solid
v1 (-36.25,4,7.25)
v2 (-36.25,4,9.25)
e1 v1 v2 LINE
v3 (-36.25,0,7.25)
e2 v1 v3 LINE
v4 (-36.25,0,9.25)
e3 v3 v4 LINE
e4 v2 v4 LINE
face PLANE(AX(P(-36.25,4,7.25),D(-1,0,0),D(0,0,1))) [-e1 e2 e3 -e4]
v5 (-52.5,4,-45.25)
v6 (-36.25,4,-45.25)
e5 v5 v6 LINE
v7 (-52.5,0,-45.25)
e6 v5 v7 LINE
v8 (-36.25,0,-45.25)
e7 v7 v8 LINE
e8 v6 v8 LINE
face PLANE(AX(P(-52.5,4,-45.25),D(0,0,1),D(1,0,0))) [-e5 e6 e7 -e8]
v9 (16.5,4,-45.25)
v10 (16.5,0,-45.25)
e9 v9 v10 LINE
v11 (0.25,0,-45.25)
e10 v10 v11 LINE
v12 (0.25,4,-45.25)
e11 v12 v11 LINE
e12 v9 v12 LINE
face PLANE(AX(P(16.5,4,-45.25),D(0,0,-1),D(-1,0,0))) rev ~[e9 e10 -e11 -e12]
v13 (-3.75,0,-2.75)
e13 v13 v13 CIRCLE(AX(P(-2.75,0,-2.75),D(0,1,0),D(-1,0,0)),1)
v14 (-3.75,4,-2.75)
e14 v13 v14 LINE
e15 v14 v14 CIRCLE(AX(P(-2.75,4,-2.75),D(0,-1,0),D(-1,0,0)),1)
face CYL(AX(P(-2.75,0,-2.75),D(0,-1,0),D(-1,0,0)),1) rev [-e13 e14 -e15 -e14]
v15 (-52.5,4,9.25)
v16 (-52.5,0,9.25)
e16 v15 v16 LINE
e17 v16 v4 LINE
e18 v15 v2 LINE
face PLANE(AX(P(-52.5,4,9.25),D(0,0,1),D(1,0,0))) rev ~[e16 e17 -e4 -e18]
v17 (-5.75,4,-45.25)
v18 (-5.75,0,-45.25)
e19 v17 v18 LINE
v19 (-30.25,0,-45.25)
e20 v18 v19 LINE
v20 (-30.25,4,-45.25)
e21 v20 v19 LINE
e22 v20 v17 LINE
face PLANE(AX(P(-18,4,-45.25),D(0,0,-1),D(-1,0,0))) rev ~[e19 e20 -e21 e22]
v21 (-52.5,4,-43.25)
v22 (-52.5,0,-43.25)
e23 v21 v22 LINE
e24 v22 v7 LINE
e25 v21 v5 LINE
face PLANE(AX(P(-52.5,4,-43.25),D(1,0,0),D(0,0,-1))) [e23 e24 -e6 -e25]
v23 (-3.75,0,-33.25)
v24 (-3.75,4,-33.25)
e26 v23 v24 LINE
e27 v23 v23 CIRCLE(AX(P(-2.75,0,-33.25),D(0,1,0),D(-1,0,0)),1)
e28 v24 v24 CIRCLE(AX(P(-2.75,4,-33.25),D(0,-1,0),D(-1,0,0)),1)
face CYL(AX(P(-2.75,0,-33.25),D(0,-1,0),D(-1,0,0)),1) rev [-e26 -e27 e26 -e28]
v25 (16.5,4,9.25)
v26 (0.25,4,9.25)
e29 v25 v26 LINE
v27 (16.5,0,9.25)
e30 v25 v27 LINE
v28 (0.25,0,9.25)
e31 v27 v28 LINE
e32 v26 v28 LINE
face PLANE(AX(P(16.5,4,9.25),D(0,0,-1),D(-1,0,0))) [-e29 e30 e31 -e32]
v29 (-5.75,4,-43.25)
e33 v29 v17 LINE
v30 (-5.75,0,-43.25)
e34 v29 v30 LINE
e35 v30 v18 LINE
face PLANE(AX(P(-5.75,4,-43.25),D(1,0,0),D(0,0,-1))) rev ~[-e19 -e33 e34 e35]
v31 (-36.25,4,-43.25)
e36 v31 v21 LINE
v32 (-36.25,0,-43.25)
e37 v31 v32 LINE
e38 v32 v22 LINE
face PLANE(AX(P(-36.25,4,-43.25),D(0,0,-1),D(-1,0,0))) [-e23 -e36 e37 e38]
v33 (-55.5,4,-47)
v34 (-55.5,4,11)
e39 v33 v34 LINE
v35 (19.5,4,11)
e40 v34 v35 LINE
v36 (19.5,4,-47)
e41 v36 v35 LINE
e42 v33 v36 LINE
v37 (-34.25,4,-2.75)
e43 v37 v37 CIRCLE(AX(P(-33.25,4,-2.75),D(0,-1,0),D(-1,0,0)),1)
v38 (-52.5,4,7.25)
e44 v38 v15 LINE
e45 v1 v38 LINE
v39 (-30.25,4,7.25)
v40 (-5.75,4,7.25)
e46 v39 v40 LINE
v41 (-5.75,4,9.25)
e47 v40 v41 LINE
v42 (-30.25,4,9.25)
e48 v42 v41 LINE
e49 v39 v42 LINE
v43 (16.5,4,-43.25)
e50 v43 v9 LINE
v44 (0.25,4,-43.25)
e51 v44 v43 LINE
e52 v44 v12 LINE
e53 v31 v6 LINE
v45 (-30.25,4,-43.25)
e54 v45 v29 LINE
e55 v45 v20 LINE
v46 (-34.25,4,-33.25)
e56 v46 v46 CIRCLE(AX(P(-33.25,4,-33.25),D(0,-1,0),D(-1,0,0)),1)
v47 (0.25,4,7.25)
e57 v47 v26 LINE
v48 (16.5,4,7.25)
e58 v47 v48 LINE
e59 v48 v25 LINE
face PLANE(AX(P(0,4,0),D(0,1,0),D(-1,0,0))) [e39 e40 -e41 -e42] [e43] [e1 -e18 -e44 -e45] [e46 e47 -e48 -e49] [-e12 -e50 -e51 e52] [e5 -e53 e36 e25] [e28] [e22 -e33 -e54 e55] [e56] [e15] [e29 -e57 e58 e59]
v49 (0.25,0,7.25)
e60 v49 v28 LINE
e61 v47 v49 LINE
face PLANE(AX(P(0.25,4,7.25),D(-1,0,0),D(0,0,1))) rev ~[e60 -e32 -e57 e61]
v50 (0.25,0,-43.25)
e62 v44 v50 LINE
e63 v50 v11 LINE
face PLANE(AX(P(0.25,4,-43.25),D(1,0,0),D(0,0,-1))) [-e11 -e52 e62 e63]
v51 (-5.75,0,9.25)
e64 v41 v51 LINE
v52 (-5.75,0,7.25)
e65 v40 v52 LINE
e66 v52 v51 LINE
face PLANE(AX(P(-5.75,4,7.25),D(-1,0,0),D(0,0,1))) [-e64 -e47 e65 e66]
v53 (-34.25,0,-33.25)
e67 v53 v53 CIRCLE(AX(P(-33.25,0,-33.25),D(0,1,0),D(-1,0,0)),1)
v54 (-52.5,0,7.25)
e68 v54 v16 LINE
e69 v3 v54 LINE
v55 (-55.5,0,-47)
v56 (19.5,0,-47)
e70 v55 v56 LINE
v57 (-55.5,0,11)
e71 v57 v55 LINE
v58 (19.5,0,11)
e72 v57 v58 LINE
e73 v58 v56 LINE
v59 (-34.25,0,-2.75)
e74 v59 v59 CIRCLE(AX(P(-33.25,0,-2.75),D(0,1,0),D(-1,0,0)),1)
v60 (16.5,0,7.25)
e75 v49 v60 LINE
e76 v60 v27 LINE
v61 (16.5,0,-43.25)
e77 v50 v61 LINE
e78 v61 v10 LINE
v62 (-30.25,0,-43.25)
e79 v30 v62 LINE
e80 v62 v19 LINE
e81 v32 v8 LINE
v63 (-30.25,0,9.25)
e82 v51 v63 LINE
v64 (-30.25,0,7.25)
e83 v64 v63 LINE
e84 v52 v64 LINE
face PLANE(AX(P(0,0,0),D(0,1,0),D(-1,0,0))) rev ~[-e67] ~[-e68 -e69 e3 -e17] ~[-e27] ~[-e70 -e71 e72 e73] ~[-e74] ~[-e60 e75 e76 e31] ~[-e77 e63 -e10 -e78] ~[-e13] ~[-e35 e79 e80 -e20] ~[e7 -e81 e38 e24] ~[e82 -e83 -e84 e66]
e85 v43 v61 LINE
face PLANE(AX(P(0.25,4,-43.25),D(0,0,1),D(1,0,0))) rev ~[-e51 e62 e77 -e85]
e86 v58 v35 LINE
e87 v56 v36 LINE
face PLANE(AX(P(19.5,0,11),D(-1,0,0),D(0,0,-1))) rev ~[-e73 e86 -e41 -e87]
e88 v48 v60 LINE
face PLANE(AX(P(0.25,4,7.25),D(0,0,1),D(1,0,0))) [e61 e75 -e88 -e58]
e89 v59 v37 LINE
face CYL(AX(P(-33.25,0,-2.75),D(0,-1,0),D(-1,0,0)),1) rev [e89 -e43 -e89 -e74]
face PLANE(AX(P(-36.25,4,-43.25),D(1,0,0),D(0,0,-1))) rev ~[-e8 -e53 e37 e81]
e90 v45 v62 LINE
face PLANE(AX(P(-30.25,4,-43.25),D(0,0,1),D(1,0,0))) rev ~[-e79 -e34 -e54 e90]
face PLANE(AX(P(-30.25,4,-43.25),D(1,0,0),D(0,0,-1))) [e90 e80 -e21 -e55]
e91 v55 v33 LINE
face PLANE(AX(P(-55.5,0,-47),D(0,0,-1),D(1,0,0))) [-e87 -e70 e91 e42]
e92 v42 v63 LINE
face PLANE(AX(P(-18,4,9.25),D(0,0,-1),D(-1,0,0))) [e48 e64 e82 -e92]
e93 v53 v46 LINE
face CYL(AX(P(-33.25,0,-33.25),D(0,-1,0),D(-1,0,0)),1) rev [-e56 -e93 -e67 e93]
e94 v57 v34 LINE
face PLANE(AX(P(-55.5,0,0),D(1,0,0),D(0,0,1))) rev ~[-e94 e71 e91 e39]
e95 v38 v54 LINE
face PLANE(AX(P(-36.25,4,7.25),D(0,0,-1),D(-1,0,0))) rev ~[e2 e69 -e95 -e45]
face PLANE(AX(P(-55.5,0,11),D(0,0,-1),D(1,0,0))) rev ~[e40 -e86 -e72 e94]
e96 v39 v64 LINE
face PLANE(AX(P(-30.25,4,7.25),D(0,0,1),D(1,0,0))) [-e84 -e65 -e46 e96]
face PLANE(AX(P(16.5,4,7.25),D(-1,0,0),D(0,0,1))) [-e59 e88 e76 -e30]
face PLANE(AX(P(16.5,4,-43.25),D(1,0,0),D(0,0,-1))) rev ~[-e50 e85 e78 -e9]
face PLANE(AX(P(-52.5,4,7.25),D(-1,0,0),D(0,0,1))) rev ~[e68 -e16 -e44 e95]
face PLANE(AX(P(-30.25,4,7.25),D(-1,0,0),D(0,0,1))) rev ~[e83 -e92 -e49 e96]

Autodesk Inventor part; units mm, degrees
ref_plane "YZ Plane" through (0, 0, 0) normal (1, 0, 0) x (0, 1, 0)
ref_plane "XZ Plane" through (0, 0, 0) normal (0, 1, 0) x (-1, 0, 0)
ref_plane "XY Plane" through (0, 0, 0) normal (0, 0, 1) x (1, 0, 0)
sketch "Sketch1" plane through (0, 0, 0) normal (0, 1, 0) x (-1, 0, 0)
  line L0 (0, 0) -> (36, 0)
  line L1 (36, 0) -> (36, -36)
  line L2 (36, -36) -> (0, -36)
  line L3 (0, -36) -> (0, 0)
  line L4 (0, 0) -> (18, 0)
  line L5 (18, 0) -> (18, -18)
  line L6 (18, -18) -> (0, -18)
  line L7 (0, -18) -> (0, 0)
  line L8 (18, -18) -> (33.25, -18)
  line L9 (33.25, -18) -> (33.25, -33.25)
  line L10 (33.25, -33.25) -> (18, -33.25)
  line L11 (18, -33.25) -> (18, -18)
  line L12 (33.25, -33.25) -> (2.75, -33.25)
  line L13 (2.75, -33.25) -> (2.75, -2.75)
  line L14 (2.75, -2.75) -> (33.25, -2.75)
  line L15 (33.25, -2.75) -> (33.25, -33.25)
  circle A0 centre (33.25, -2.75) radius 1
  circle A1 centre (33.25, -33.25) radius 1
  circle A2 centre (2.75, -33.25) radius 1
  circle A3 centre (2.75, -2.75) radius 1
  line L16 (18, -18) -> (55.5, -18)
  line L17 (55.5, -18) -> (55.5, 0)
  line L18 (55.5, 0) -> (18, 0)
  line L19 (18, 0) -> (18, -18)
  line L20 (55.5, 0) -> (-19.5, 0)
  line L21 (-19.5, 0) -> (-19.5, -36)
  line L22 (-19.5, -36) -> (55.5, -36)
  line L23 (55.5, -36) -> (55.5, 0)
  line L24 (-19.5, 0) -> (55.5, 0)
  line L25 (55.5, 0) -> (55.5, 11)
  line L26 (55.5, 11) -> (-19.5, 11)
  line L27 (-19.5, 11) -> (-19.5, 0)
  line L28 (-19.5, -36) -> (55.5, -36)
  line L29 (55.5, -36) -> (55.5, -47)
  line L30 (55.5, -47) -> (-19.5, -47)
  line L31 (-19.5, -47) -> (-19.5, -36)
  dimension "d0" = 36
  dimension "d1" = 36
  dimension "d2" = 18
  dimension "d3" = 18
  dimension "d4" = 15.25
  dimension "d5" = 15.25
  dimension "d6" = 30.5
  dimension "d7" = 30.5
  dimension "d8" = 2
  dimension "d9" = 2
  dimension "d10" = 2
  dimension "d11" = 2
  dimension "d12" = 37.5
  dimension "d13" = 75
  dimension "d16" = 75
  dimension "d17" = 11
  dimension "d18" = 75
  dimension "d19" = 11
extrude "Extrusion1" add sketch "Sketch1" along normal blind 4 contours L20 L27 L26 L25 L18 L0 | L0 L5 L14 A3 L13 L6 L3 | L3 L22 L21 L20 | L0 L1 L16 L15 A0 L14 L5 | L6 L13 A2 L12 L10 A1 L9 L16 L1 L2 L3 | L18 L17 L16 L1 | L14 A0 L15 L8 L5 | L5 L6 L13 A3 L14 | L2 L22 L29 L30 L31 | L6 L11 L12 A2 L13 | L16 L23 L22 L1 | L8 L9 A1 L10 L11
sketch "Sketch2" plane through (0, 4, 0) normal (0, 1, 0) x (1, 0, 0)
  circle A0 centre (-33.25, 2.75) radius 1 projected
  line L0 (-33.25, -7.25) -> (-33.25, -9.25)
  line L1 (-33.25, -7.25) -> (-30.25, -7.25)
  line L2 (-30.25, -7.25) -> (-30.25, -9.25)
  line L3 (-30.25, -9.25) -> (-33.25, -9.25)
  line L4 (-33.25, -9.25) -> (-33.25, -7.25)
  line L5 (-30.25, -9.25) -> (-30.25, -7.25)
  line L6 (-55.5, 0) -> (19.5, 0) projected
  line L7 (19.5, 0) -> (19.5, 36) projected
  line L8 (-55.5, -11) -> (19.5, -11)
  line L9 (19.5, 0) -> (19.5, 18)
  line L10 (19.5, 18) -> (-55.5, 18)
  line L11 (-55.5, 18) -> (-55.5, 0)
  line L12 (-33.25, -7.25) -> (-55.5, -7.25)
  line L13 (-55.5, -7.25) -> (-55.5, -9.25)
  line L14 (-55.5, -9.25) -> (-33.25, -9.25)
  line L15 (-33.25, -9.25) -> (-33.25, -7.25)
  line L16 (-33.25, -7.25) -> (-36.25, -7.25)
  line L17 (-36.25, -7.25) -> (-36.25, -9.25)
  line L18 (-36.25, -9.25) -> (-33.25, -9.25)
  line L19 (-33.25, -9.25) -> (-33.25, -7.25)
  line L20 (-55.5, -7.25) -> (-52.5, -7.25)
  line L21 (-52.5, -7.25) -> (-52.5, -9.25)
  line L22 (-52.5, -9.25) -> (-55.5, -9.25)
  line L23 (-55.5, -9.25) -> (-55.5, -7.25)
  line L24 (-55.5, 36) -> (-55.5, 0) projected
  line L25 (-55.5, 47) -> (-18, 47)
  line L26 (-18, 37) -> (-18, 0)
  line L27 (-18, -11) -> (-55.5, -11)
  line L28 (-55.5, 0) -> (-55.5, 36)
  line L29 (-30.25, -7.25) -> (-18, -7.25)
  line L30 (-18, -7.25) -> (-18, -9.25)
  line L31 (-18, -9.25) -> (-30.25, -9.25)
  line L32 (-30.25, -9.25) -> (-30.25, -7.25)
  circle A1 centre (-33.25, 44.25) radius 1
  line L33 (-33.25, 43.25) -> (-33.25, 45.25)
  line L34 (-33.25, 43.25) -> (-30.25, 43.25)
  line L35 (-30.25, 43.25) -> (-30.25, 45.25)
  line L36 (-30.25, 45.25) -> (-33.25, 45.25)
  line L37 (-33.25, 45.25) -> (-33.25, 43.25)
  line L38 (-30.25, 45.25) -> (-30.25, 43.25)
  line L39 (-33.25, 43.25) -> (-55.5, 43.25)
  line L40 (-55.5, 43.25) -> (-55.5, 45.25)
  line L41 (-55.5, 45.25) -> (-33.25, 45.25)
  line L42 (-33.25, 45.25) -> (-33.25, 43.25)
  line L43 (-33.25, 43.25) -> (-36.25, 43.25)
  line L44 (-36.25, 43.25) -> (-36.25, 45.25)
  line L45 (-36.25, 45.25) -> (-33.25, 45.25)
  line L46 (-33.25, 45.25) -> (-33.25, 43.25)
  line L47 (-55.5, 43.25) -> (-52.5, 43.25)
  line L48 (-52.5, 43.25) -> (-52.5, 45.25)
  line L49 (-52.5, 45.25) -> (-55.5, 45.25)
  line L50 (-55.5, 45.25) -> (-55.5, 43.25)
  line L51 (-30.25, 43.25) -> (-18, 43.25)
  line L52 (-18, 43.25) -> (-18, 45.25)
  line L53 (-18, 45.25) -> (-30.25, 45.25)
  line L54 (-30.25, 45.25) -> (-30.25, 43.25)
  circle A2 centre (-2.75, -8.25) radius 1
  line L55 (-2.75, -7.25) -> (-2.75, -9.25)
  line L56 (-2.75, -7.25) -> (-5.75, -7.25)
  line L57 (-5.75, -7.25) -> (-5.75, -9.25)
  line L58 (-5.75, -9.25) -> (-2.75, -9.25)
  line L59 (-2.75, -9.25) -> (-2.75, -7.25)
  line L60 (-5.75, -9.25) -> (-5.75, -7.25)
  line L61 (19.5, 18) -> (19.5, -11)
  line L62 (-2.75, -7.25) -> (19.5, -7.25)
  line L63 (19.5, -7.25) -> (19.5, -9.25)
  line L64 (19.5, -9.25) -> (-2.75, -9.25)
  line L65 (-2.75, -9.25) -> (-2.75, -7.25)
  line L66 (-2.75, -7.25) -> (0.25, -7.25)
  line L67 (0.25, -7.25) -> (0.25, -9.25)
  line L68 (0.25, -9.25) -> (-2.75, -9.25)
  line L69 (-2.75, -9.25) -> (-2.75, -7.25)
  line L70 (19.5, -7.25) -> (16.5, -7.25)
  line L71 (16.5, -7.25) -> (16.5, -9.25)
  line L72 (16.5, -9.25) -> (19.5, -9.25)
  line L73 (19.5, -9.25) -> (19.5, -7.25)
  line L74 (19.5, 36) -> (19.5, -11)
  line L75 (19.5, 47) -> (-18, 47)
  line L76 (-18, -11) -> (19.5, -11)
  line L77 (19.5, 0) -> (19.5, 36)
  line L78 (-5.75, -7.25) -> (-18, -7.25)
  line L79 (-18, -9.25) -> (-5.75, -9.25)
  line L80 (-5.75, -9.25) -> (-5.75, -7.25)
  circle A3 centre (-2.75, 44.25) radius 1
  line L81 (-2.75, 43.25) -> (-2.75, 45.25)
  line L82 (-2.75, 43.25) -> (19.5, 43.25)
  line L83 (19.5, 45.25) -> (-2.75, 45.25)
  line L84 (16.5, 43.25) -> (16.5, 45.25)
  line L85 (19.5, 43.25) -> (16.5, 43.25)
  line L86 (16.5, 45.25) -> (19.5, 45.25)
  line L87 (19.5, 43.25) -> (19.5, 45.25)
  line L88 (19.5, 45.25) -> (19.5, 43.25)
  line L89 (0.25, 43.25) -> (0.25, 45.25)
  line L90 (-2.75, 43.25) -> (0.25, 43.25)
  line L91 (-2.75, 45.25) -> (-2.75, 43.25)
  line L92 (-2.75, 45.25) -> (-2.75, 43.25)
  line L93 (-2.75, 45.25) -> (-2.75, 43.25)
  line L94 (-2.75, 43.25) -> (-5.75, 43.25)
  line L95 (-5.75, 43.25) -> (-5.75, 45.25)
  line L96 (-5.75, 45.25) -> (-5.75, 43.25)
  line L97 (-5.75, 45.25) -> (-2.75, 45.25)
  line L98 (0.25, 45.25) -> (-2.75, 45.25)
  line L99 (-5.75, 45.25) -> (-5.75, 43.25)
  line L100 (-5.75, 43.25) -> (-18, 43.25)
  line L101 (-18, 45.25) -> (-5.75, 45.25)
  point P0 (-55.5, 47)
  point P1 (-55.5, 47)
  dimension "d20" = 3
  dimension "d24" = 3
  dimension "d25" = 3
extrude "Extrusion2" cut sketch "Sketch2" against normal up to surface (4 mm away) contours L29 L30 L31 L2 | L17 L14 L21 L12 | L78 L57 L79 L30 | L62 L71 L64 L67 | L53 L52 L51 L35 | L44 L39 L48 L41 | L101 L95 L100 L52 | L83 L84 L82 L89
properties part number "base"
